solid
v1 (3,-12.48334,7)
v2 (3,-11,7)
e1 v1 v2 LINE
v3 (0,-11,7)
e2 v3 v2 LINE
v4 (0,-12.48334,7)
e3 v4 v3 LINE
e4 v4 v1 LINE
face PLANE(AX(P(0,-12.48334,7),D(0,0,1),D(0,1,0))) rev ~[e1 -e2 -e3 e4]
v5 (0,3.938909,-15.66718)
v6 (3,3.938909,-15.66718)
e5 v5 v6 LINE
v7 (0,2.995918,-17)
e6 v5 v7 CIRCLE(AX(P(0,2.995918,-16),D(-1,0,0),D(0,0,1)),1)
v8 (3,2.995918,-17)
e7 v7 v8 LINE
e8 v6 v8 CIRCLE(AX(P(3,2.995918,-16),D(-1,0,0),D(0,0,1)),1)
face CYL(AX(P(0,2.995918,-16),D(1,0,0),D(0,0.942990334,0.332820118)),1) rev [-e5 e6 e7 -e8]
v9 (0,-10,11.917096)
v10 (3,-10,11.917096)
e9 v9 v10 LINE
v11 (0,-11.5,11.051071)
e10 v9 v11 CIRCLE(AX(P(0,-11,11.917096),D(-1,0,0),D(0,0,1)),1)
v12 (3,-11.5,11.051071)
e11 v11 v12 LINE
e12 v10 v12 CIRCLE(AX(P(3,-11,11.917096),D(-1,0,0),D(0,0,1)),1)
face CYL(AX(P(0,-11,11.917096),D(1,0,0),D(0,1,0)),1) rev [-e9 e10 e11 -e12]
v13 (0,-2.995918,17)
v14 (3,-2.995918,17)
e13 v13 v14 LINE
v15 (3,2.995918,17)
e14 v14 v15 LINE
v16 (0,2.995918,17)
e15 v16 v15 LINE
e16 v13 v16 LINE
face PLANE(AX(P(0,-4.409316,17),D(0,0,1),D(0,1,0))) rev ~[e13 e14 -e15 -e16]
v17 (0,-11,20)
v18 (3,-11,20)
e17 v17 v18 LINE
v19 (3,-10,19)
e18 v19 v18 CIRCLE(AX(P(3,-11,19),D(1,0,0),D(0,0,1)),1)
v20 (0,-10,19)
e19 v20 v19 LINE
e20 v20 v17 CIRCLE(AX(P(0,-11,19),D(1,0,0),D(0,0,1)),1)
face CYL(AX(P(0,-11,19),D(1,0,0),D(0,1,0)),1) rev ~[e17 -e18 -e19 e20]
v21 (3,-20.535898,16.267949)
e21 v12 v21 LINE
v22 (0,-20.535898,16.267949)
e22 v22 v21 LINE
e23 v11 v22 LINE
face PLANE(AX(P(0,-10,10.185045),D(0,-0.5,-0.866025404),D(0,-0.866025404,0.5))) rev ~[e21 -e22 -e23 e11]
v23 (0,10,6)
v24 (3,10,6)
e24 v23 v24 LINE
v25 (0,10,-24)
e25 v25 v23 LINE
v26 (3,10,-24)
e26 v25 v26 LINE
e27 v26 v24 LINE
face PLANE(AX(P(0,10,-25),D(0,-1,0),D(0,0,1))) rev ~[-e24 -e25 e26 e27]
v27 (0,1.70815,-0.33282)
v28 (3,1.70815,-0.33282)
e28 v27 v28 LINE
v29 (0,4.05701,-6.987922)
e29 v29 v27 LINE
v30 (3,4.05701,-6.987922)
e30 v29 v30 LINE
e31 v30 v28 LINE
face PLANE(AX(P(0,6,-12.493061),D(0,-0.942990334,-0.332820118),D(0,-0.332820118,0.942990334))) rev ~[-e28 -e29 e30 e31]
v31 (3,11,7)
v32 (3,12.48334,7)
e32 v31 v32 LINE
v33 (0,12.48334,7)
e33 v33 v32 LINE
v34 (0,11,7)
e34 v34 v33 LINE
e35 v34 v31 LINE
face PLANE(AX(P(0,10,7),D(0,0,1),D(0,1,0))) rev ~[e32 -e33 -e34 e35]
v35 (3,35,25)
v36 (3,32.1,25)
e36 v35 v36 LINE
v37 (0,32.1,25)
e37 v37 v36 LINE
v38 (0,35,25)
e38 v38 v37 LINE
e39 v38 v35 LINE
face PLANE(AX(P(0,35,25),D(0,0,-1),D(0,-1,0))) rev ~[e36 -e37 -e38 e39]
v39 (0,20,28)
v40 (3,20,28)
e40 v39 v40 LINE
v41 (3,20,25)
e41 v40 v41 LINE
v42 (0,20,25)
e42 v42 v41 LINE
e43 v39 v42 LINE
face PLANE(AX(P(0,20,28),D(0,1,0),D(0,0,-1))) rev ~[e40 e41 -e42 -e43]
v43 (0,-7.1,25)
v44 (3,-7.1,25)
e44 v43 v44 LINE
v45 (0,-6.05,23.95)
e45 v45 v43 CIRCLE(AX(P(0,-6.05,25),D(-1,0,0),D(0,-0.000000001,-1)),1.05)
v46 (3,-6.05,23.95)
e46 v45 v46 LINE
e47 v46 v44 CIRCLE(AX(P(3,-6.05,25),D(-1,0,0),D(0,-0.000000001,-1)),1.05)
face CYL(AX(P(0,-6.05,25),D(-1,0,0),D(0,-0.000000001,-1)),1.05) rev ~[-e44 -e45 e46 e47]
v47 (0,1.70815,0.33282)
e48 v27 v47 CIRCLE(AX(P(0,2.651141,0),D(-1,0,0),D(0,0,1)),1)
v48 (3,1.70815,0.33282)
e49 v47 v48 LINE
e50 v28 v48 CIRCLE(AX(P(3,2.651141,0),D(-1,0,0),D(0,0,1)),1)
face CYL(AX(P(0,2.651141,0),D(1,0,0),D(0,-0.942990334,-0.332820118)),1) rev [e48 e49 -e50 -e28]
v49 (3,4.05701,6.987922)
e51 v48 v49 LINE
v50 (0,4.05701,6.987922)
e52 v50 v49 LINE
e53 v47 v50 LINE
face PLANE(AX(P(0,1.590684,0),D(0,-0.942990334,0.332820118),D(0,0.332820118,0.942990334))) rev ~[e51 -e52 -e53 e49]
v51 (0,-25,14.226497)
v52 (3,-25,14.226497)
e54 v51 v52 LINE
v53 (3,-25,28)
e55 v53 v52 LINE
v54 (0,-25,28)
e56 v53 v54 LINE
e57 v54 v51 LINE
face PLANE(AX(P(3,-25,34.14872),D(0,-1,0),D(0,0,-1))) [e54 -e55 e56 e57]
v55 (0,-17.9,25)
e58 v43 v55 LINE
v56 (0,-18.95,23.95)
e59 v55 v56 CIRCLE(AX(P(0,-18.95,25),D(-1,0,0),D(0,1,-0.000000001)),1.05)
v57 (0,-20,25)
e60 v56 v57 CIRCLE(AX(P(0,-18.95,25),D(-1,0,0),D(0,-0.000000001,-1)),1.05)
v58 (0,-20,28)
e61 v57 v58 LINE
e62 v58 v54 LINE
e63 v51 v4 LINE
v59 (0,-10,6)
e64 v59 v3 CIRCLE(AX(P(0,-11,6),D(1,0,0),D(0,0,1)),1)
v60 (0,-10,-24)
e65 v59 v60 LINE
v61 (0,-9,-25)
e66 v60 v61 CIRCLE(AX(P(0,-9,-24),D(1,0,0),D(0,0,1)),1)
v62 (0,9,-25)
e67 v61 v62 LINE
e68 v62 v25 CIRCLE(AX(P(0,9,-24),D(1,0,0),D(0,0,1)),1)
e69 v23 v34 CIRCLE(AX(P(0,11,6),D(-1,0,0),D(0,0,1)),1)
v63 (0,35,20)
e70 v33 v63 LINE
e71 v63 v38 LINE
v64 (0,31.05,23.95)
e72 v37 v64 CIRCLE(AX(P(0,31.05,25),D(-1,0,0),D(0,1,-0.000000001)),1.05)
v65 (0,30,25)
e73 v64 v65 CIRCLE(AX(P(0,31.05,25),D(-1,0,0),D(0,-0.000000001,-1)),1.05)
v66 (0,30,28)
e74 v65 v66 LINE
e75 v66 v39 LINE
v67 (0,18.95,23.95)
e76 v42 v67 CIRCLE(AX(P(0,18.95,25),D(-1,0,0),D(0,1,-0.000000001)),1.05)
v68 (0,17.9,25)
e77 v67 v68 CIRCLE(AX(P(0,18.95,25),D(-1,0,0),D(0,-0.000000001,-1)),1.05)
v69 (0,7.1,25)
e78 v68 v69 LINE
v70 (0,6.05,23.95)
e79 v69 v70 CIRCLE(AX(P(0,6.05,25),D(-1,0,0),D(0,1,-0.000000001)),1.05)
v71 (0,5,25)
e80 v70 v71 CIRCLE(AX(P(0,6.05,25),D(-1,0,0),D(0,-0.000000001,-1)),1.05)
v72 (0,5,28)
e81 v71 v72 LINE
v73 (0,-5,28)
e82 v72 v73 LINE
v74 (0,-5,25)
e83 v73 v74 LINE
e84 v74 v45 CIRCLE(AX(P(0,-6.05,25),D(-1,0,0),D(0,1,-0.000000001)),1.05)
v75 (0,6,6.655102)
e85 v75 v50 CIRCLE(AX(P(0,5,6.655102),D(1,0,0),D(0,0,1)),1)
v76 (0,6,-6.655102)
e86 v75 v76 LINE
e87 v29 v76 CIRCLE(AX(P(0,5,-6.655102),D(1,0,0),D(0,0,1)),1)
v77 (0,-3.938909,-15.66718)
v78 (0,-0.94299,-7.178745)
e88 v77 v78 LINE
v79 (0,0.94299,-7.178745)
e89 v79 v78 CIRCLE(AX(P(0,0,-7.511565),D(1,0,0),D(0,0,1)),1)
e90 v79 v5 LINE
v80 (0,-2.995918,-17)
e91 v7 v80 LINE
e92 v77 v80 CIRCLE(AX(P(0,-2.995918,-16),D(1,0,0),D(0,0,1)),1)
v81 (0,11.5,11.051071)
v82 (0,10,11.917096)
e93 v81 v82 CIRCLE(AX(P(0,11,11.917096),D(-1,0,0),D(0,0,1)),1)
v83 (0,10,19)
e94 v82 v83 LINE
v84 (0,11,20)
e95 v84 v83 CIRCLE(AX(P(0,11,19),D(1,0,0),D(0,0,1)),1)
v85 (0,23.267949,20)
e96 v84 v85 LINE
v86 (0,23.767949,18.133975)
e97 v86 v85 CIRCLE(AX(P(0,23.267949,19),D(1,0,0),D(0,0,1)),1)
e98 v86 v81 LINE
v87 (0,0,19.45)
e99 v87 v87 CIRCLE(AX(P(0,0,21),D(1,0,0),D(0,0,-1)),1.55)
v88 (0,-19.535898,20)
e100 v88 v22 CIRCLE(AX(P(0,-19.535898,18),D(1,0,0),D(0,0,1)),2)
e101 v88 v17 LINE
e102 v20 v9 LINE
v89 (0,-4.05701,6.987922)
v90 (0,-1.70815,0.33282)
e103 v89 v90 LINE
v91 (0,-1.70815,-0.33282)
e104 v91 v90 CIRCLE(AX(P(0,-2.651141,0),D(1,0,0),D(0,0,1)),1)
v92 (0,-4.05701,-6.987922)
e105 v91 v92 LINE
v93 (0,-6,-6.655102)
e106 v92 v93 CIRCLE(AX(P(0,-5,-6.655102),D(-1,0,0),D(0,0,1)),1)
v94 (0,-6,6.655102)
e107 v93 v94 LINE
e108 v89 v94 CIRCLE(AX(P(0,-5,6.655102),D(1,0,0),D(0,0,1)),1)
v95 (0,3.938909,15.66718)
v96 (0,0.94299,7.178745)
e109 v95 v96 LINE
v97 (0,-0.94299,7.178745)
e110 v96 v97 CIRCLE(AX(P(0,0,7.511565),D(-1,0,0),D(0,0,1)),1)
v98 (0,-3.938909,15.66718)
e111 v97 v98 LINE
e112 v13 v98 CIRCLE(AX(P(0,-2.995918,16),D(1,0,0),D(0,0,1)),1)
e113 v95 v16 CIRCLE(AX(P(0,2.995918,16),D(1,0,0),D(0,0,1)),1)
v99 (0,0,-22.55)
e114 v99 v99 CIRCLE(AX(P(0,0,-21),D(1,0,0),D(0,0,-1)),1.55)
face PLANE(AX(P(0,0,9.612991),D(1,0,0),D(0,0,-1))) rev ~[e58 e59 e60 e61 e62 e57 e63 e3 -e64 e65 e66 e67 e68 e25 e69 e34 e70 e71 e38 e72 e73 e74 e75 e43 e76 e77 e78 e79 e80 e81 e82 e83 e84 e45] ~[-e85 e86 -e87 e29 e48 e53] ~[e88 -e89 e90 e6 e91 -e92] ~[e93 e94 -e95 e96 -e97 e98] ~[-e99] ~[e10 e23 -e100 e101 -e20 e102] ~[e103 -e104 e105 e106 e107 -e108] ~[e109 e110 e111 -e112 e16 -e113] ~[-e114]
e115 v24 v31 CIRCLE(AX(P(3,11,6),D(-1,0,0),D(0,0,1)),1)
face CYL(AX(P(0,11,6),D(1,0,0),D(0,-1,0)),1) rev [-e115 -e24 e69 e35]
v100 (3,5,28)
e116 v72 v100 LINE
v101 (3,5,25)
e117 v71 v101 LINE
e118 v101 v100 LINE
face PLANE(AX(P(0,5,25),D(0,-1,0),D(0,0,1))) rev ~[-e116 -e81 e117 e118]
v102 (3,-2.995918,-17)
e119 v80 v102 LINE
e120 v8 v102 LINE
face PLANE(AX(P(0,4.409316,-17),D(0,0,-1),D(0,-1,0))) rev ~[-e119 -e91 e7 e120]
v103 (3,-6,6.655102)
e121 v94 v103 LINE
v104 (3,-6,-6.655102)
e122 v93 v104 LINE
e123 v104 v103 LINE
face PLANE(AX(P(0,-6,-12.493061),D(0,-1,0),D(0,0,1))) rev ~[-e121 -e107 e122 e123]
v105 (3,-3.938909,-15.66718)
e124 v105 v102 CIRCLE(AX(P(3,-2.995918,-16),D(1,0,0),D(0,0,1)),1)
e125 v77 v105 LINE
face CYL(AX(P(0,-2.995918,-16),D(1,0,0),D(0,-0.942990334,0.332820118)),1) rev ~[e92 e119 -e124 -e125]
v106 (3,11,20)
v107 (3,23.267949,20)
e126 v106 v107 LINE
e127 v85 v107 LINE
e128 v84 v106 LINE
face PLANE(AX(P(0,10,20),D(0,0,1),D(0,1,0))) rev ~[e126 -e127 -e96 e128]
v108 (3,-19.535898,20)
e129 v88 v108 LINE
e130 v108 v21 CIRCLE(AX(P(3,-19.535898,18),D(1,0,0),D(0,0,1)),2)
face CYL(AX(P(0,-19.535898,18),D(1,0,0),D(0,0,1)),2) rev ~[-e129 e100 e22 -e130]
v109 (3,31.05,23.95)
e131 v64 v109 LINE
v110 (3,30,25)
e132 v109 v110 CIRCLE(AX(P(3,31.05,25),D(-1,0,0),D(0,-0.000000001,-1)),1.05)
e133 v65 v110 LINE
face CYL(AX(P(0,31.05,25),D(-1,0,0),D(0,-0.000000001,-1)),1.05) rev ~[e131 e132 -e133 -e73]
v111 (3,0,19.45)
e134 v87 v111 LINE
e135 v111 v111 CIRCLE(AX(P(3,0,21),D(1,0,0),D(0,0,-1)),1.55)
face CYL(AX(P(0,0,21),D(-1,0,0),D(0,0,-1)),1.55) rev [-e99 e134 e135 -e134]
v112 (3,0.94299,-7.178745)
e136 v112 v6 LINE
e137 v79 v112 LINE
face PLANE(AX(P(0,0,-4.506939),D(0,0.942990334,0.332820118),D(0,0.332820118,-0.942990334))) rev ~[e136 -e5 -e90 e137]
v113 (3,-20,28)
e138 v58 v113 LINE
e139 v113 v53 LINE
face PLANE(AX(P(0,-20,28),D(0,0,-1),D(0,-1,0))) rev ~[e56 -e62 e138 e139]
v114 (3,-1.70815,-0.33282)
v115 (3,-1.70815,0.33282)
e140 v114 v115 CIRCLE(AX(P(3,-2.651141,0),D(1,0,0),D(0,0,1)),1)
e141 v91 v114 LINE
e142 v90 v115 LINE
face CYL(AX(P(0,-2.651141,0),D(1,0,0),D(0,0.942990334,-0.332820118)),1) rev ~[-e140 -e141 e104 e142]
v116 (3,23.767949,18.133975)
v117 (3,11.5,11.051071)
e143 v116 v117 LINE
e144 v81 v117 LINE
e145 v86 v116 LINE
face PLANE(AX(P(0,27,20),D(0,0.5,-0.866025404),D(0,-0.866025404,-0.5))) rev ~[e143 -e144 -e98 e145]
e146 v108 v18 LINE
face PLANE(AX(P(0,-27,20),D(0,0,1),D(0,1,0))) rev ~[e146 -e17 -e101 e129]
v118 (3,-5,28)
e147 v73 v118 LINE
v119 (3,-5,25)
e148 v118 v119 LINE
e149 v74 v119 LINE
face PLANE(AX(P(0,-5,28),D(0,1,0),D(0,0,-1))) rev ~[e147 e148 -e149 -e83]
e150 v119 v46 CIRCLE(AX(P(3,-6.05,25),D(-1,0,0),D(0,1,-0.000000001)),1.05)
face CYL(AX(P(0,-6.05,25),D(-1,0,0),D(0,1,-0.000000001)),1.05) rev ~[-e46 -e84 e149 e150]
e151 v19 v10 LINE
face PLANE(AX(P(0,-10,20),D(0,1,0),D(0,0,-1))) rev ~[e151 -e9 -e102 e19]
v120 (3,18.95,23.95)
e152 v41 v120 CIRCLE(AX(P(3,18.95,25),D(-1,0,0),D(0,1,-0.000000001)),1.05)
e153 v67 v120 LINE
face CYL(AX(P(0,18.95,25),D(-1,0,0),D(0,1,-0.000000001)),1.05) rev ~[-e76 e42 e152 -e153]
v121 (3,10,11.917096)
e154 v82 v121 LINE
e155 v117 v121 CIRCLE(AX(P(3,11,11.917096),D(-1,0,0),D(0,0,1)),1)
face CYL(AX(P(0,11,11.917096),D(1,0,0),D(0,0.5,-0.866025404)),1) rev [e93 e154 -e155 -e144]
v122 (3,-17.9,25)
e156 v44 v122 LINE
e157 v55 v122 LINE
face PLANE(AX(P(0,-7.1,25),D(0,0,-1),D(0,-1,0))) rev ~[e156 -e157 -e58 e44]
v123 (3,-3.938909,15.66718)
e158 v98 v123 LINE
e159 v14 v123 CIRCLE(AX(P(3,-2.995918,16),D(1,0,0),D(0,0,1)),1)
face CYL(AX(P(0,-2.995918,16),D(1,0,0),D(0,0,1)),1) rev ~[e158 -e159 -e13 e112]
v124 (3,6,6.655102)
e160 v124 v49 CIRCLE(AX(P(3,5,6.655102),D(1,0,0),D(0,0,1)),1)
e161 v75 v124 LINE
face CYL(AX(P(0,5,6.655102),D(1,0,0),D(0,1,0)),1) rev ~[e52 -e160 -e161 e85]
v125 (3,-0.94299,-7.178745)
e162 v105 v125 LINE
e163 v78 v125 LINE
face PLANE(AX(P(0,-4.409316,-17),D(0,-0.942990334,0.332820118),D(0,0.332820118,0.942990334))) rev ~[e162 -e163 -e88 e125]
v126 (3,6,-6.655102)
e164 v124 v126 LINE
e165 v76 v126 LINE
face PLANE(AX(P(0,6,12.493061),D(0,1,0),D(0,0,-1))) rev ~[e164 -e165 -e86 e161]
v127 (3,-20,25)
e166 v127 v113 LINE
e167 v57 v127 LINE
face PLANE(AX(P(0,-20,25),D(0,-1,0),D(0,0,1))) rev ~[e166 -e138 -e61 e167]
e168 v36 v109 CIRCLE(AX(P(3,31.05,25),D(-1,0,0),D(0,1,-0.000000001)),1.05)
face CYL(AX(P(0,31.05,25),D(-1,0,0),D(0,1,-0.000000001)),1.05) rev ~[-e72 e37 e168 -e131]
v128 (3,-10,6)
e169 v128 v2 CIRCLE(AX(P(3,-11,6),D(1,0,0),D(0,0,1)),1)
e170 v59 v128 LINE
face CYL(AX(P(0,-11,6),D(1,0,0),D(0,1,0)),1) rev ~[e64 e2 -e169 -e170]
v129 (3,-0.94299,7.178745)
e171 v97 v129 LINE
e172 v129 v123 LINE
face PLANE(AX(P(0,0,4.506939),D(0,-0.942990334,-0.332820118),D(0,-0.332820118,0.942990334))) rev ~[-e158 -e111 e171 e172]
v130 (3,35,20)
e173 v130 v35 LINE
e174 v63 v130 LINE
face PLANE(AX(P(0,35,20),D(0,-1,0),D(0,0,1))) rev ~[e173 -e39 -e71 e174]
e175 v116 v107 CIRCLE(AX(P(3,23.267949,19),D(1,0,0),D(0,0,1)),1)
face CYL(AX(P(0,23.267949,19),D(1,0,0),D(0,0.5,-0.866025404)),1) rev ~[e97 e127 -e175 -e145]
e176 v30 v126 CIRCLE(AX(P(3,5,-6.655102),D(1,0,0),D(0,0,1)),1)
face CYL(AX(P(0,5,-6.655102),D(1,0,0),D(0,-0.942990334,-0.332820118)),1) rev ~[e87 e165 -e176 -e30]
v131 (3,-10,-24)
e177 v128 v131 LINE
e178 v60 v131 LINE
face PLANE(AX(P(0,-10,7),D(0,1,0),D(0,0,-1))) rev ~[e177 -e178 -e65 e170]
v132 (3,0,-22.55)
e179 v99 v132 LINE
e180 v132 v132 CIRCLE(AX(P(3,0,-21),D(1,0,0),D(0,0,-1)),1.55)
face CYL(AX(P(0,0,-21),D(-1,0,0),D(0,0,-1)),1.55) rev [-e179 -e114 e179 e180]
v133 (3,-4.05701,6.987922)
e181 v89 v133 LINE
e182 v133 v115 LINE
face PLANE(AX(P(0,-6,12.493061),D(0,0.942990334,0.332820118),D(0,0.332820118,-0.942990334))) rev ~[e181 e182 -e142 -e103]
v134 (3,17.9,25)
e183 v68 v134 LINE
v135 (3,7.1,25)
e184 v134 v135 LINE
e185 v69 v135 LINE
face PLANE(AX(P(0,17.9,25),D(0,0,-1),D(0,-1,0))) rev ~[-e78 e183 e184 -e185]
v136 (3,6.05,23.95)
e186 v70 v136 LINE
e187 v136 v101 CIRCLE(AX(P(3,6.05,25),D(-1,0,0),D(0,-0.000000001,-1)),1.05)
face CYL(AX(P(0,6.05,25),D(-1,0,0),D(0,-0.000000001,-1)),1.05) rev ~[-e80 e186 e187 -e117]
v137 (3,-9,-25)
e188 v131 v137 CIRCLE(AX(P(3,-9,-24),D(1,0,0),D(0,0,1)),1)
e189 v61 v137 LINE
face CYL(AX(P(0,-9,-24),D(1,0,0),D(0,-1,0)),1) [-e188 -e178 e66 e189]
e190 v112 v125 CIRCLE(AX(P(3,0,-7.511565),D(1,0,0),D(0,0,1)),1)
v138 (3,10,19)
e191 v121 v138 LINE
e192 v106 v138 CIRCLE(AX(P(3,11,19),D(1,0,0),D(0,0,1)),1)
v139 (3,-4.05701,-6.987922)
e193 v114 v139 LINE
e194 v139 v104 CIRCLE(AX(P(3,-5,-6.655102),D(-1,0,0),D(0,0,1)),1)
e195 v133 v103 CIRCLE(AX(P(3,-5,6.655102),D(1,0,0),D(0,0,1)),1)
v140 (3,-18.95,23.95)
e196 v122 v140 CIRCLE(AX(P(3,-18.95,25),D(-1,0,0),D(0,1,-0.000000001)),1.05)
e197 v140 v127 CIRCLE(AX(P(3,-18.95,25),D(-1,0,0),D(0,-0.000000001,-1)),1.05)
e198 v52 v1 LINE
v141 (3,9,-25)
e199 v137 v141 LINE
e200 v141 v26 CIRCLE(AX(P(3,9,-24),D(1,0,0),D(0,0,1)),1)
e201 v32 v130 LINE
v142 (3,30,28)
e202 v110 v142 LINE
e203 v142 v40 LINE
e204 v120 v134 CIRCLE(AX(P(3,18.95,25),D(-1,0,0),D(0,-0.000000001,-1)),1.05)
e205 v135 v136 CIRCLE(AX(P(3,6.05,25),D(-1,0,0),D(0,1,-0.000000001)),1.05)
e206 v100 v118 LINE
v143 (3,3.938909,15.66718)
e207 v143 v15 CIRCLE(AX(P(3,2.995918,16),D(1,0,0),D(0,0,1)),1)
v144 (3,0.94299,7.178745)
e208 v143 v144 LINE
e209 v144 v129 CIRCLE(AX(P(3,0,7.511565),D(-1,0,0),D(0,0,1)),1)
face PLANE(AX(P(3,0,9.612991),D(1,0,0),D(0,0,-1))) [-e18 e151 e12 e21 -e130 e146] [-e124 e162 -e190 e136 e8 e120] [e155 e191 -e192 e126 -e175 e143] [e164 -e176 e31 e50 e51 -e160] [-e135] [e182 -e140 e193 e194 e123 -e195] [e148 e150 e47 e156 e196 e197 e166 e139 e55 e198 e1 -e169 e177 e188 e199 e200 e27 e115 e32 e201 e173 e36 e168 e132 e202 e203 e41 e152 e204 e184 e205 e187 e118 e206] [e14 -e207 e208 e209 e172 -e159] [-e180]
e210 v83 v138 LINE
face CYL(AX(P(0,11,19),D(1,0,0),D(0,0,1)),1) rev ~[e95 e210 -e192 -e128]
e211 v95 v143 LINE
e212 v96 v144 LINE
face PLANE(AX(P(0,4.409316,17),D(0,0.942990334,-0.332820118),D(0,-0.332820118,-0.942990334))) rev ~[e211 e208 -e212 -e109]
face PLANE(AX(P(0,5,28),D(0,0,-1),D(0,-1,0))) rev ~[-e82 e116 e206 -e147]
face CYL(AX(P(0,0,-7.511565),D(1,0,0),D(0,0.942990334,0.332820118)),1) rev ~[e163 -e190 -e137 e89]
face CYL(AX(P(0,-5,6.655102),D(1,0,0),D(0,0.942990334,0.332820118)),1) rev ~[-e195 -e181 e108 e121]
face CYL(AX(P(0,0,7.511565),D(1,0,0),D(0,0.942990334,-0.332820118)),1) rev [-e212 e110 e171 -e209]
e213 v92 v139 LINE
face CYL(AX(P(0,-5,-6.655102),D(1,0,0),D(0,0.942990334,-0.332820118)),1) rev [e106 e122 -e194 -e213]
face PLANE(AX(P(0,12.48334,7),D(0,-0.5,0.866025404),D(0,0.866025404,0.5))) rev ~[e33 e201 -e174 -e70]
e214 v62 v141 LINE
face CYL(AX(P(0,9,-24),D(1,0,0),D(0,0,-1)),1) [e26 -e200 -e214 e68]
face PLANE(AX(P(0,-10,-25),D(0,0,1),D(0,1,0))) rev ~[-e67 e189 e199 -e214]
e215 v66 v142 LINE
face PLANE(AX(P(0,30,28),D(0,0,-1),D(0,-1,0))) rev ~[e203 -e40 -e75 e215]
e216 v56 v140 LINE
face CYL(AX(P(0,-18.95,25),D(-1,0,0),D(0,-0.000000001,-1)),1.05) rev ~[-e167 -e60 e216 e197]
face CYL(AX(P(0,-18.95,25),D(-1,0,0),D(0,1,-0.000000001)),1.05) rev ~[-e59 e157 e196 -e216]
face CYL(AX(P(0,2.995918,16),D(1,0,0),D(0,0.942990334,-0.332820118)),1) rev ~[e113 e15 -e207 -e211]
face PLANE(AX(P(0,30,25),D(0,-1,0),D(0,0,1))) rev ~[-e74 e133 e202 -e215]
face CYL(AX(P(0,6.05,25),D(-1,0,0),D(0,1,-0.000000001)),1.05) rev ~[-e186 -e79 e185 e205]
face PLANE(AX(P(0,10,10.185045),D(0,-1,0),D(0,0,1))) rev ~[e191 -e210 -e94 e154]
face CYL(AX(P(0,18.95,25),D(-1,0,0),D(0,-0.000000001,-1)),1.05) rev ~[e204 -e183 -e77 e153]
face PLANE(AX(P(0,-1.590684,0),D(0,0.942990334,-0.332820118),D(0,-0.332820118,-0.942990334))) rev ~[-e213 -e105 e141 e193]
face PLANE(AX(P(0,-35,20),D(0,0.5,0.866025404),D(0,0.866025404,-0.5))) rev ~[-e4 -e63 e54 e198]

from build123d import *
from OCP.BRepFilletAPI import BRepFilletAPI_MakeFillet

# Parameters (mm, degrees)
SKETCH_1_R          = 1.55
EXTRUDE_1_DEPTH     = 3
FILLET_1_R1         = 1
FILLET_1_R2         = 2
SKETCH_2_W          = 23.55236831
SKETCH_2_H          = 10
CUT_EXTRUDE_1_DEPTH = 10


with BuildPart() as part:
    # 草图1 → 凸台-拉伸1 (new body)
    with BuildSketch(Plane(origin=(0, 0, 0), x_dir=(0, 0, -1), z_dir=(1, 0, 0))):
        with BuildLine():
            Line((-7, -10), (25, -10))
            Line((25, -10), (25, 10))
            Line((25, 10), (-7, 10))
            Line((-7, 10), (-7, 12.483339502))
            Line((-7, 12.483339502), (-20, 35))
            Line((-20, 35), (-25, 35))
            Line((-25, 35), (-25, 32.1))
            ThreePointArc((-25, 32.1), (-24.25753788, 31.79246212), (-23.95, 31.05))
            ThreePointArc((-23.95, 31.05), (-24.25753788, 30.30753788), (-25, 30))
            Line((-25, 30), (-28, 30))
            Line((-28, 30), (-28, 20))
            Line((-28, 20), (-25, 20))
            ThreePointArc((-25, 20), (-24.25753788, 19.69246212), (-23.95, 18.95))
            ThreePointArc((-23.95, 18.95), (-24.25753788, 18.20753788), (-25, 17.9))
            Line((-25, 17.9), (-25, 10))
            Line((-25, 10), (-25, 7.1))
            ThreePointArc((-25, 7.1), (-24.25753788, 6.79246212), (-23.95, 6.05))
            ThreePointArc((-23.95, 6.05), (-24.25753788, 5.30753788), (-25, 5))
            Line((-25, 5), (-28, 5))
            Line((-28, 5), (-28, -5))
            Line((-28, -5), (-25, -5))
            ThreePointArc((-25, -5), (-24.25753788, -5.30753788), (-23.95, -6.05))
            ThreePointArc((-23.95, -6.05), (-24.25753788, -6.79246212), (-25, -7.1))
            Line((-25, -7.1), (-25, -10))
            Line((-25, -10), (-25, -17.9))
            ThreePointArc((-25, -17.9), (-24.25753788, -18.20753788), (-23.95, -18.95))
            ThreePointArc((-23.95, -18.95), (-24.25753788, -19.69246212), (-25, -20))
            Line((-25, -20), (-28, -20))
            Line((-28, -20), (-28, -30))
            Line((-28, -30), (-25, -30))
            ThreePointArc((-25, -30), (-24.25753788, -30.30753788), (-23.95, -31.05))
            ThreePointArc((-23.95, -31.05), (-24.25753788, -31.79246212), (-25, -32.1))
            Line((-25, -32.1), (-25, -35))
            Line((-25, -35), (-20, -35))
            Line((-20, -35), (-7, -12.483339502))
            Line((-7, -12.483339502), (-7, -10))
        make_face()
        Polygon((-10.185045424, -10), (-20, -27), (-20, -10), align=None, mode=Mode.SUBTRACT)
        Polygon((12.493060906, -6), (-12.493060906, -6), (0, -1.590684386), align=None, mode=Mode.SUBTRACT)
        with Locations((-21, 0)):
            Circle(SKETCH_1_R, mode=Mode.SUBTRACT)
        Polygon((-4.506939094, 0), (-17, -4.409315614), (-17, 4.409315614), align=None, mode=Mode.SUBTRACT)
        Polygon((-10.185045424, 10), (-20, 10), (-20, 27), align=None, mode=Mode.SUBTRACT)
        Polygon((0, 1.590684386), (-12.493060906, 6), (12.493060906, 6), align=None, mode=Mode.SUBTRACT)
        Polygon((17, 4.409315614), (17, -4.409315614), (4.506939094, 0), align=None, mode=Mode.SUBTRACT)
        with Locations((21, 0)):
            Circle(SKETCH_1_R, mode=Mode.SUBTRACT)
    extrude(amount=EXTRUDE_1_DEPTH)

    # 圆角1: one fillet with a radius per group of edges: ONE call of the kernel's fillet builder (fillet() takes one radius for all edges)
    fillet_1_edges_1 = [part.edges().sort_by_distance(p)[0] for p in [
        (1.5, -10, 10.185045424),
        (1.5, -10, 20),
        (1.5, 10, 10.185045424),
        (1.5, 10, 20),
        (1.5, 27, 20),
        (1.5, 10, 7),
        (1.5, 10, -25),
        (1.5, -10, -25),
        (1.5, -10, 7),
        (1.5, -4.409315614, 17),
        (1.5, 1.590684386, 0),
        (1.5, 6, 12.493060906),
        (1.5, 6, -12.493060906),
        (1.5, 4.409315614, 17),
        (1.5, 0, 4.506939094),
        (1.5, 0, -4.506939094),
        (1.5, 4.409315614, -17),
        (1.5, -4.409315614, -17),
        (1.5, -1.590684386, 0),
        (1.5, -6, -12.493060906),
        (1.5, -6, 12.493060906),
    ]]
    fillet_1_edges_2 = [part.edges().sort_by_distance(p)[0] for p in [
        (1.5, -27, 20),
    ]]
    fillet_1 = BRepFilletAPI_MakeFillet(part.part.solid().wrapped)
    for e in fillet_1_edges_1:
        fillet_1.Add(FILLET_1_R1, e.wrapped)
    for e in fillet_1_edges_2:
        fillet_1.Add(FILLET_1_R2, e.wrapped)
    add(Compound.cast(fillet_1.Shape()), mode=Mode.REPLACE)

    # 草图2 → 切除-拉伸1 (cut)
    with BuildSketch(Plane(origin=(3, 0, 0), x_dir=(0, 0, -1), z_dir=(1, 0, 0))):
        with Locations((-22.372535414, -30)):
            Rectangle(SKETCH_2_W, SKETCH_2_H)
    extrude(amount=-CUT_EXTRUDE_1_DEPTH, mode=Mode.SUBTRACT)


solid = part.part
